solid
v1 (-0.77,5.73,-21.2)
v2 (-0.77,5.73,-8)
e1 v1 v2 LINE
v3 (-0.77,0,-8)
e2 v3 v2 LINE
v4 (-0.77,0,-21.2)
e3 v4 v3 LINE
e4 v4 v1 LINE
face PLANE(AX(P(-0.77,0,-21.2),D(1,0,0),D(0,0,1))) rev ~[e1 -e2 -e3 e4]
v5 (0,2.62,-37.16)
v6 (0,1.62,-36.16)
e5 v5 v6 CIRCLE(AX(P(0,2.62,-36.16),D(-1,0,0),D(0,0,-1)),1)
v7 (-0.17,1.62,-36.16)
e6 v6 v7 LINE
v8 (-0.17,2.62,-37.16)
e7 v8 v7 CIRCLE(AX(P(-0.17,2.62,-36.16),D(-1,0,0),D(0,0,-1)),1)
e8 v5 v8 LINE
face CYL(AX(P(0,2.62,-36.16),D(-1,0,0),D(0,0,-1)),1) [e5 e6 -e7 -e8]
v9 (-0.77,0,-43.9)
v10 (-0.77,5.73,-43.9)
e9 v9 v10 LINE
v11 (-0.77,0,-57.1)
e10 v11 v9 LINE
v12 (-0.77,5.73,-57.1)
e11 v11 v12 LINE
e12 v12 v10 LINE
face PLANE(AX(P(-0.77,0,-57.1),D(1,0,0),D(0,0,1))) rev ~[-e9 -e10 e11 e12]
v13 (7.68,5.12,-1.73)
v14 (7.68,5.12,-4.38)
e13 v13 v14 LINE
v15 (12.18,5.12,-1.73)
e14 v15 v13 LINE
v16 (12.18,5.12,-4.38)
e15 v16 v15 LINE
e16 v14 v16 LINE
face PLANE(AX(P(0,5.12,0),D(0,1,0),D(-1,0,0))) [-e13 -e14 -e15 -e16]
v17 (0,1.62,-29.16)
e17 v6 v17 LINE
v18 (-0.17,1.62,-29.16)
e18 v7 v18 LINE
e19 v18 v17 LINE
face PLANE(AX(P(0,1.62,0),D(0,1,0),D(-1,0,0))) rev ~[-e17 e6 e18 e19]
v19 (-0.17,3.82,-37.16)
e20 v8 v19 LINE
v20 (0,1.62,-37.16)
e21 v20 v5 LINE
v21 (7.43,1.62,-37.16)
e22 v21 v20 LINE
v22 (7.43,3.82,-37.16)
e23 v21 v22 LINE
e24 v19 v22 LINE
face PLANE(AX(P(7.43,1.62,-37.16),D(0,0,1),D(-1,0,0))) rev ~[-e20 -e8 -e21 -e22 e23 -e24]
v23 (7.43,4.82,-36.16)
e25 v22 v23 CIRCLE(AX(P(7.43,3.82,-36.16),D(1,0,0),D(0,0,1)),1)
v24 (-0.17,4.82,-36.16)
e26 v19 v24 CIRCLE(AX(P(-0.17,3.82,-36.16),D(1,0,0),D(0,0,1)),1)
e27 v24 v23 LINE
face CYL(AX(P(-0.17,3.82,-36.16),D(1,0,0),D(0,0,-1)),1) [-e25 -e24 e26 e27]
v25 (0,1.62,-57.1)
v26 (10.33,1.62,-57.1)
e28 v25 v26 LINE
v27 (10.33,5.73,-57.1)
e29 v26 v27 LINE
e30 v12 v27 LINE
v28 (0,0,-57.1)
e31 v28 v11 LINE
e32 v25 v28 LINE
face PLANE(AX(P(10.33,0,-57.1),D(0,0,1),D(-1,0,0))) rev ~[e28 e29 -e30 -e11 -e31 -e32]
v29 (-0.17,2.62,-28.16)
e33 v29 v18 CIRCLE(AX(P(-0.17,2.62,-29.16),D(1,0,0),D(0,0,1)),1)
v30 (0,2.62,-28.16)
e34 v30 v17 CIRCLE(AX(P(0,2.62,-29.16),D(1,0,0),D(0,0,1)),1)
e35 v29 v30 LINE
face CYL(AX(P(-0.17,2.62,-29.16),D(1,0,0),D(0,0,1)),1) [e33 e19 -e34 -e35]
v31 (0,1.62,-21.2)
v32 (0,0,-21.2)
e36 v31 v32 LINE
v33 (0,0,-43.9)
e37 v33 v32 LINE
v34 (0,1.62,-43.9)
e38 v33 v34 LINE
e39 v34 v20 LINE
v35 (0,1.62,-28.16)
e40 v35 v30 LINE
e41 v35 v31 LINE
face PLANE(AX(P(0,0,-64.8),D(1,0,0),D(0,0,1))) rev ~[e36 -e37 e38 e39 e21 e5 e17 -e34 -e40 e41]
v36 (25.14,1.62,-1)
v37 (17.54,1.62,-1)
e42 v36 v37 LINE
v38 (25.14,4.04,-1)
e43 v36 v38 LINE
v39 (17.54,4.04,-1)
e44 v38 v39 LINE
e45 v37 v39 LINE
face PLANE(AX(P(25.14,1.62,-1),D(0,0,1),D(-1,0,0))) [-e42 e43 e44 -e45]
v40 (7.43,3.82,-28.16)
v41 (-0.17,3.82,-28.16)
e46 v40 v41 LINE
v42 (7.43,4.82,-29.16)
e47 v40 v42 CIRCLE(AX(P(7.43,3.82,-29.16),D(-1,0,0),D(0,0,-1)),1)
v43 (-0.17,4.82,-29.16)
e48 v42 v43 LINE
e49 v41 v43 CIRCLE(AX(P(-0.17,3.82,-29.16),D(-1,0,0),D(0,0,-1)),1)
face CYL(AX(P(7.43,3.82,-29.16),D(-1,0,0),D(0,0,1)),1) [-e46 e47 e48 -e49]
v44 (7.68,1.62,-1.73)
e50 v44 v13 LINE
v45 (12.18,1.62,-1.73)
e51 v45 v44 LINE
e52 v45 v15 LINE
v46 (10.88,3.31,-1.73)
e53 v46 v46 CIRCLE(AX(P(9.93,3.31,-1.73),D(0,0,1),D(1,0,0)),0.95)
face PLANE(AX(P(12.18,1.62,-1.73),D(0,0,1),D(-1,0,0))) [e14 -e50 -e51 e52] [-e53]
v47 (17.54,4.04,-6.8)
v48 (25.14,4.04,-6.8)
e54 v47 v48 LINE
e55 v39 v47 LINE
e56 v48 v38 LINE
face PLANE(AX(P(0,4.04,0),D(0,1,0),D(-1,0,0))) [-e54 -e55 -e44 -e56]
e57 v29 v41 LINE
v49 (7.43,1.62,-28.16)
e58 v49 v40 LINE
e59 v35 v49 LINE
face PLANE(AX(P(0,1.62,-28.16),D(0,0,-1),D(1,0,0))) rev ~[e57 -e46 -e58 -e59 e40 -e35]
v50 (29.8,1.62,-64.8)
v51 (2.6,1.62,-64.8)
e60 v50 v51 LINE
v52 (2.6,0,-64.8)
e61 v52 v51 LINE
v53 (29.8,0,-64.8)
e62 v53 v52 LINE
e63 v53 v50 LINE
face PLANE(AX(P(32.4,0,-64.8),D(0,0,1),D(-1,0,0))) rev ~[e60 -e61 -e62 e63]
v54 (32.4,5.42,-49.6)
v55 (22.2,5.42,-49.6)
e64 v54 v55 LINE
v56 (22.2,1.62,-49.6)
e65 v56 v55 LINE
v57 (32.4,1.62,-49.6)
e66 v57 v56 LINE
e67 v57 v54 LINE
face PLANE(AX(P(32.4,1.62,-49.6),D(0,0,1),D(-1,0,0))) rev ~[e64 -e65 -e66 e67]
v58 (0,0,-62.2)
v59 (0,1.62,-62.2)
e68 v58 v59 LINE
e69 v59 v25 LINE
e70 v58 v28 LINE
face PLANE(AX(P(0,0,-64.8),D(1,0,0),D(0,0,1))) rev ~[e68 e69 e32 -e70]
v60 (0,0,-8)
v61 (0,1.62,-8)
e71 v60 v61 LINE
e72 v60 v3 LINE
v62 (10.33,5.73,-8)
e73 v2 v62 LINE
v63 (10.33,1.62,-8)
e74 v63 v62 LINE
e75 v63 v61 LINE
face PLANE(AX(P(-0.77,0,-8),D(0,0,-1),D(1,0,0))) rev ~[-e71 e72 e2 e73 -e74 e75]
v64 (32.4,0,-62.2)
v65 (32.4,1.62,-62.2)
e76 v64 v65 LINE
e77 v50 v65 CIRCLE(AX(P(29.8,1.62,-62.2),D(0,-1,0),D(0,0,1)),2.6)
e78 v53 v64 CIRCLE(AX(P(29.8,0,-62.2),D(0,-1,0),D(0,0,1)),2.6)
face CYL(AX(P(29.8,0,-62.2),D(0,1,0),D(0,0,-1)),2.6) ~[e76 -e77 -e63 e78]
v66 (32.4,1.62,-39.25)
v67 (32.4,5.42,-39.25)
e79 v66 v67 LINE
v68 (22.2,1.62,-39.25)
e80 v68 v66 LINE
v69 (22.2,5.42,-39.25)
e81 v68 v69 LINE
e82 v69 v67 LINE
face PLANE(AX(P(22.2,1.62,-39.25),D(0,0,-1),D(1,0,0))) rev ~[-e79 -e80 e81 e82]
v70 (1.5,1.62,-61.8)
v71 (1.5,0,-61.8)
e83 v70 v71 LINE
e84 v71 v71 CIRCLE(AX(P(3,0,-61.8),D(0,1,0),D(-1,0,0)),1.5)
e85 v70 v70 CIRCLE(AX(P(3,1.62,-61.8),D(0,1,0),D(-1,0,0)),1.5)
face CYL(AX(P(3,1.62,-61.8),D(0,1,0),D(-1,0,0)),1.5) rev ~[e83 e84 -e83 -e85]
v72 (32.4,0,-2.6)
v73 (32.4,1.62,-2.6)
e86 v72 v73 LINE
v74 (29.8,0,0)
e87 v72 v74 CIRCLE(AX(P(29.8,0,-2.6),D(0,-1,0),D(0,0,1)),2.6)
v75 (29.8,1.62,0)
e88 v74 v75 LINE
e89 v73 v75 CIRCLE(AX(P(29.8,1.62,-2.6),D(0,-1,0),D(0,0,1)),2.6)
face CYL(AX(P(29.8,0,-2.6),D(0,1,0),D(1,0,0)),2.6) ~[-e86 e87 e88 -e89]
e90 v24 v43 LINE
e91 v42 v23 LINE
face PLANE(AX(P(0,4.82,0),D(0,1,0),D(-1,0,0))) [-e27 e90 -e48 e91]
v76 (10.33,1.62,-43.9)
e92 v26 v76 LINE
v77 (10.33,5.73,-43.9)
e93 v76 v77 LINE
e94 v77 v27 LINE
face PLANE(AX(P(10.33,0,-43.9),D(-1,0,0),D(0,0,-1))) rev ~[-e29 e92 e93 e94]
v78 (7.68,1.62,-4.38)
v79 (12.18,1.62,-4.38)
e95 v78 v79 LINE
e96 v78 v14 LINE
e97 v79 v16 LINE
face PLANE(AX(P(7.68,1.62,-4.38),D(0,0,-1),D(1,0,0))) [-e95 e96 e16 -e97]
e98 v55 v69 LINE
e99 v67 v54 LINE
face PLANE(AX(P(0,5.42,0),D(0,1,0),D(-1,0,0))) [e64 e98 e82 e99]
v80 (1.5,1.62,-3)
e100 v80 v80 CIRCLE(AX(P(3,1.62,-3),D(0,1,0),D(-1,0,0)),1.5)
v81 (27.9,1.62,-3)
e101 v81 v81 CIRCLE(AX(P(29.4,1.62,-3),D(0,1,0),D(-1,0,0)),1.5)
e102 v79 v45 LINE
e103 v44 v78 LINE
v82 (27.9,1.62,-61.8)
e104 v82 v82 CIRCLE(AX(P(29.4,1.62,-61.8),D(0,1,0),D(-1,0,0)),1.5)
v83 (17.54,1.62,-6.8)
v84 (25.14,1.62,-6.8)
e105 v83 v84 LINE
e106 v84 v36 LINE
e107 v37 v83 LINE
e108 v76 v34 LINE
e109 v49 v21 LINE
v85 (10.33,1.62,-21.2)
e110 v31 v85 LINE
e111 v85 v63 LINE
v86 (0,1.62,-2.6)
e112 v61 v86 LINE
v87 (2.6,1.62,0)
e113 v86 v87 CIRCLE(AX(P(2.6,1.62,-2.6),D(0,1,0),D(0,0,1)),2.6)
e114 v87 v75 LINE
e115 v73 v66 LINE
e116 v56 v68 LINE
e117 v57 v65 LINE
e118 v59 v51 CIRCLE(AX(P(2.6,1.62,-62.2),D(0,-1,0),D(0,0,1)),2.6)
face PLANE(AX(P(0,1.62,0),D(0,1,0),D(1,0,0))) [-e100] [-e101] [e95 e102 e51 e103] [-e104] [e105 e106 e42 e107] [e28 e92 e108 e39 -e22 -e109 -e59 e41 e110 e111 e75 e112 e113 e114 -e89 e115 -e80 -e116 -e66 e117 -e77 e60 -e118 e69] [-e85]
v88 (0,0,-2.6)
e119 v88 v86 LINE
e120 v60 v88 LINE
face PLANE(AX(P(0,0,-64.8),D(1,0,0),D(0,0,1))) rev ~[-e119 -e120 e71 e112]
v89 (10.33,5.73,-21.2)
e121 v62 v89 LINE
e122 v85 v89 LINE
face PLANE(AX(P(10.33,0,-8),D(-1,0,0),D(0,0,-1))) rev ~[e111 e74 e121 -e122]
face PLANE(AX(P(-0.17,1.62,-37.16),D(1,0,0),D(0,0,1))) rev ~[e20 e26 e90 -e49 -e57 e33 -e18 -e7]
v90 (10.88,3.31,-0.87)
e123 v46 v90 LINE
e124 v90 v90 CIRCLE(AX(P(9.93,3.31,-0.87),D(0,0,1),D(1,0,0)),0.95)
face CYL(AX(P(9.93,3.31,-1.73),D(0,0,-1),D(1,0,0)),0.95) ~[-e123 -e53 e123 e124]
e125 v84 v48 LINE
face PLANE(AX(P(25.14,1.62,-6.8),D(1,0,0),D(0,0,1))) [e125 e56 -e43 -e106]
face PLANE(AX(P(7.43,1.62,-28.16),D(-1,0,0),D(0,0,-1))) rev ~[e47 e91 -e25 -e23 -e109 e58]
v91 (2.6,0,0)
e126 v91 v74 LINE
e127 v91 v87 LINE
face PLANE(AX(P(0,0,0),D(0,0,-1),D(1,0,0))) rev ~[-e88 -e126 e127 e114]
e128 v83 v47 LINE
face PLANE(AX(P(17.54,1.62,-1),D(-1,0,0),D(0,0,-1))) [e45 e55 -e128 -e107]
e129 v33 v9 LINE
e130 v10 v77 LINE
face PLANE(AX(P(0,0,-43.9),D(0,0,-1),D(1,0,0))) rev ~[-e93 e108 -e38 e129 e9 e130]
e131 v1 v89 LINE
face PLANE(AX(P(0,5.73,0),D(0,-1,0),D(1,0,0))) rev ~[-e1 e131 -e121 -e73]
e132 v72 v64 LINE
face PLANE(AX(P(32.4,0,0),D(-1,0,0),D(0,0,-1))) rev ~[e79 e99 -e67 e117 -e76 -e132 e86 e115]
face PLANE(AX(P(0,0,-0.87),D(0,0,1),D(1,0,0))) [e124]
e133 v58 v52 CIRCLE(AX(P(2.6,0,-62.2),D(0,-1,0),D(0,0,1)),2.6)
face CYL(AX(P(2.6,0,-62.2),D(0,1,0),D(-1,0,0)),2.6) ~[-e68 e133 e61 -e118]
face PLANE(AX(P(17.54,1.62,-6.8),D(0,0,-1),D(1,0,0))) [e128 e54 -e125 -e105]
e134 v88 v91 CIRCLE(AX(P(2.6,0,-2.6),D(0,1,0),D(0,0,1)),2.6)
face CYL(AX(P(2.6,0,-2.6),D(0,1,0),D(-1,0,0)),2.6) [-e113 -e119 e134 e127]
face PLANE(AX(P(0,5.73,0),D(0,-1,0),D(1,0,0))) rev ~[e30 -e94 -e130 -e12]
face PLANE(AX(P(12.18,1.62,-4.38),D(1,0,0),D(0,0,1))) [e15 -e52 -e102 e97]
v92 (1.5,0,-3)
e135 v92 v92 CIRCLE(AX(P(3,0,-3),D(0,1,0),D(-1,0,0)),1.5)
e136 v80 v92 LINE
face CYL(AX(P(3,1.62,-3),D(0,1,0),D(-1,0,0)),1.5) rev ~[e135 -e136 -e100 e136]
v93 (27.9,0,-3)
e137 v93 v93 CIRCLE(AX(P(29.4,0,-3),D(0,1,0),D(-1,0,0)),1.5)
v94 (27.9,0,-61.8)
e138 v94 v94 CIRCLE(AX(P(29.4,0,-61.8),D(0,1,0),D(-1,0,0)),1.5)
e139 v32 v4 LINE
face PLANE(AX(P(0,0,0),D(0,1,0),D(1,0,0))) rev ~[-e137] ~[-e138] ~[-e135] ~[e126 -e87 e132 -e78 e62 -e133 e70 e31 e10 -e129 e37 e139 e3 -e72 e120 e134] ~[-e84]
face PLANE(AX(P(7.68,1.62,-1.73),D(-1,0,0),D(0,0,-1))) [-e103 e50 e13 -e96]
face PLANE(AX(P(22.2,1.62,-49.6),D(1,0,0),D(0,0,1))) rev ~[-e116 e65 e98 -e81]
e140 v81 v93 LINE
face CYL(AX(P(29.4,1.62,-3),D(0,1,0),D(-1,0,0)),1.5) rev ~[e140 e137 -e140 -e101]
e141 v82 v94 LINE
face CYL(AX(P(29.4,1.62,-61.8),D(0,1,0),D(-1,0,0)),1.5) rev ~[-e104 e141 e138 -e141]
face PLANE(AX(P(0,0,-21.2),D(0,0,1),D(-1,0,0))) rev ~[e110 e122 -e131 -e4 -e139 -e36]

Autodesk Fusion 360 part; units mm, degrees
sketch "Sketch1" plane through (0, 0, 0) normal (0, 1, 0) x (1, 0, 0)
  line L0 (0, 0) -> (32.4, 0)
  line L1 (32.4, 0) -> (32.4, 64.8)
  line L2 (32.4, 64.8) -> (0, 64.8)
  line L3 (0, 64.8) -> (0, 0)
  dimension "d1" = 64.8
  dimension "d2" = 32.4
extrude "Extrude1" add sketch "Sketch1" along normal blind 1.62
fillet "Fillet1" radius 2.6 4 edges at (0, 0.81, 0) (32.4, 0.81, 0) (0, 0.81, -64.8) (32.4, 0.81, -64.8)
sketch "Sketch2" plane through (0, 1.62, 0) normal (0, 1, 0) x (-1, 0, 0)
  circle A0 centre (-3, -3) radius 1.5
  circle A1 centre (-29.4, -3) radius 1.5
  circle A2 centre (-29.4, -61.8) radius 1.5
  circle A3 centre (-3, -61.8) radius 1.5
  line L0 (-29.8, -64.8) -> (-2.6, -64.8)
  line L1 (0, -62.2) -> (0, -2.6)
  line L2 (-32.4, -2.6) -> (-32.4, -62.2)
  line L3 (-2.6, 0) -> (-29.8, 0)
  dimension "d6" = 3
  dimension "d7" = 3
  dimension "d8" = 3
  dimension "d9" = 3
  dimension "d10" = 3
extrude "Extrude2" cut sketch "Sketch2" against normal blind 5
sketch "Sketch3" plane through (0, 0, 0) normal (0, -1, 0) x (1, 0, 0)
  line L0 (10.33, -57.1) -> (-0.77, -57.1)
  line L1 (-0.77, -57.1) -> (-0.77, -43.9)
  line L2 (-0.77, -43.9) -> (10.33, -43.9)
  line L3 (10.33, -43.9) -> (10.33, -57.1)
  line L4 (10.33, -21.2) -> (-0.77, -21.2)
  line L5 (-0.77, -21.2) -> (-0.77, -8)
  line L6 (-0.77, -8) -> (10.33, -8)
  line L7 (10.33, -8) -> (10.33, -21.2)
  line L8 (29.8, -64.8) -> (2.6, -64.8)
  line L9 (2.6, 0) -> (29.8, 0)
  line L10 (0, -62.2) -> (0, -2.6)
  dimension "d13" = 13.2
  dimension "d14" = 11.1
  dimension "d15" = 7.7
  dimension "d16" = 8
  dimension "d17" = 0.77
extrude "Extrude3" add sketch "Sketch3" against normal blind 5.73
sketch "Sketch4" plane through (0, 1.62, 0) normal (0, 1, 0) x (-1, 0, 0)
  line L0 (-22.2, -39.25) -> (-32.4, -39.25)
  line L1 (-32.4, -39.25) -> (-32.4, -49.6)
  line L2 (-32.4, -49.6) -> (-22.2, -49.6)
  line L3 (-22.2, -49.6) -> (-22.2, -39.25)
  line L4 (-29.8, -64.8) -> (-2.6, -64.8)
  point P0 (-32.4, -62.2)
  dimension "d20" = 10.35
  dimension "d21" = 10.2
  dimension "d22" = 15.2
extrude "Extrude4" add sketch "Sketch4" along normal blind 3.8
sketch "Sketch5" plane through (0, 1.62, 0) normal (0, 1, 0) x (-1, 0, 0)
  line L0 (-7.43, -37.16) -> (0.17, -37.16)
  line L1 (0.17, -37.16) -> (0.17, -28.16)
  line L2 (0.17, -28.16) -> (-7.43, -28.16)
  line L3 (-7.43, -28.16) -> (-7.43, -37.16)
  line L4 (0, -43.9) -> (0, -21.2)
  line L5 (-10.33, -43.9) -> (0, -43.9)
  dimension "d25" = 9
  dimension "d26" = 7.6
  dimension "d27" = 0.17
  dimension "d28" = 6.74
extrude "Extrude5" add sketch "Sketch5" along normal blind 3.2
fillet "Fillet2" radius 1 4 edges at (-0.085, 1.62, -28.16) (3.63, 4.82, -28.16) (3.63, 4.82, -37.16) (-0.085, 1.62, -37.16)
sketch "Sketch6" plane through (0, 1.62, 0) normal (0, 1, 0) x (-1, 0, 0)
  line L0 (-7.68, -4.38) -> (-12.18, -4.38)
  line L1 (-12.18, -4.38) -> (-12.18, -1.73)
  line L2 (-12.18, -1.73) -> (-7.68, -1.73)
  line L3 (-7.68, -1.73) -> (-7.68, -4.38)
  line L4 (-2.6, 0) -> (-29.8, 0)
  line L5 (0, -8) -> (0, -2.6)
  dimension "d32" = 4.5
  dimension "d33" = 2.65
  dimension "d34" = 1.73
  dimension "d35" = 7.68
extrude "Extrude6" add sketch "Sketch6" along normal blind 3.5
sketch "Sketch7" plane through (0, 0, -1.73) normal (0, 0, 1) x (1, 0, 0)
  circle A0 centre (9.93, 3.31) radius 0.95
  line L0 (7.68, 5.12) -> (12.18, 5.12)
  point P0 (9.93, 5.12)
  dimension "d38" = 1.9
  dimension "d39" = 1.81
extrude "Extrude7" add sketch "Sketch7" along normal blind 0.86
sketch "Sketch8" plane through (0, 1.62, 0) normal (0, 1, 0) x (-1, 0, 0)
  line L0 (-17.54, -6.8) -> (-25.14, -6.8)
  line L1 (-25.14, -6.8) -> (-25.14, -1)
  line L2 (-25.14, -1) -> (-17.54, -1)
  line L3 (-17.54, -1) -> (-17.54, -6.8)
  line L4 (-2.6, 0) -> (-29.8, 0)
  line L5 (-32.4, -2.6) -> (-32.4, -39.25)
  dimension "d42" = 5.8
  dimension "d43" = 7.6
  dimension "d44" = 1
  dimension "d45" = 7.26
extrude "Extrude8" add sketch "Sketch8" along normal blind 2.42
equation "d7 = 1.5 mm + d6 / 2"
equation "d8 = d7"
equation "d9 = d7"
equation "d10 = d7"
equation "d18 = -1 * ( 4.11 mm + 1.62 mm )"
equation "d39 = 0.86 mm + d38 / 2"
